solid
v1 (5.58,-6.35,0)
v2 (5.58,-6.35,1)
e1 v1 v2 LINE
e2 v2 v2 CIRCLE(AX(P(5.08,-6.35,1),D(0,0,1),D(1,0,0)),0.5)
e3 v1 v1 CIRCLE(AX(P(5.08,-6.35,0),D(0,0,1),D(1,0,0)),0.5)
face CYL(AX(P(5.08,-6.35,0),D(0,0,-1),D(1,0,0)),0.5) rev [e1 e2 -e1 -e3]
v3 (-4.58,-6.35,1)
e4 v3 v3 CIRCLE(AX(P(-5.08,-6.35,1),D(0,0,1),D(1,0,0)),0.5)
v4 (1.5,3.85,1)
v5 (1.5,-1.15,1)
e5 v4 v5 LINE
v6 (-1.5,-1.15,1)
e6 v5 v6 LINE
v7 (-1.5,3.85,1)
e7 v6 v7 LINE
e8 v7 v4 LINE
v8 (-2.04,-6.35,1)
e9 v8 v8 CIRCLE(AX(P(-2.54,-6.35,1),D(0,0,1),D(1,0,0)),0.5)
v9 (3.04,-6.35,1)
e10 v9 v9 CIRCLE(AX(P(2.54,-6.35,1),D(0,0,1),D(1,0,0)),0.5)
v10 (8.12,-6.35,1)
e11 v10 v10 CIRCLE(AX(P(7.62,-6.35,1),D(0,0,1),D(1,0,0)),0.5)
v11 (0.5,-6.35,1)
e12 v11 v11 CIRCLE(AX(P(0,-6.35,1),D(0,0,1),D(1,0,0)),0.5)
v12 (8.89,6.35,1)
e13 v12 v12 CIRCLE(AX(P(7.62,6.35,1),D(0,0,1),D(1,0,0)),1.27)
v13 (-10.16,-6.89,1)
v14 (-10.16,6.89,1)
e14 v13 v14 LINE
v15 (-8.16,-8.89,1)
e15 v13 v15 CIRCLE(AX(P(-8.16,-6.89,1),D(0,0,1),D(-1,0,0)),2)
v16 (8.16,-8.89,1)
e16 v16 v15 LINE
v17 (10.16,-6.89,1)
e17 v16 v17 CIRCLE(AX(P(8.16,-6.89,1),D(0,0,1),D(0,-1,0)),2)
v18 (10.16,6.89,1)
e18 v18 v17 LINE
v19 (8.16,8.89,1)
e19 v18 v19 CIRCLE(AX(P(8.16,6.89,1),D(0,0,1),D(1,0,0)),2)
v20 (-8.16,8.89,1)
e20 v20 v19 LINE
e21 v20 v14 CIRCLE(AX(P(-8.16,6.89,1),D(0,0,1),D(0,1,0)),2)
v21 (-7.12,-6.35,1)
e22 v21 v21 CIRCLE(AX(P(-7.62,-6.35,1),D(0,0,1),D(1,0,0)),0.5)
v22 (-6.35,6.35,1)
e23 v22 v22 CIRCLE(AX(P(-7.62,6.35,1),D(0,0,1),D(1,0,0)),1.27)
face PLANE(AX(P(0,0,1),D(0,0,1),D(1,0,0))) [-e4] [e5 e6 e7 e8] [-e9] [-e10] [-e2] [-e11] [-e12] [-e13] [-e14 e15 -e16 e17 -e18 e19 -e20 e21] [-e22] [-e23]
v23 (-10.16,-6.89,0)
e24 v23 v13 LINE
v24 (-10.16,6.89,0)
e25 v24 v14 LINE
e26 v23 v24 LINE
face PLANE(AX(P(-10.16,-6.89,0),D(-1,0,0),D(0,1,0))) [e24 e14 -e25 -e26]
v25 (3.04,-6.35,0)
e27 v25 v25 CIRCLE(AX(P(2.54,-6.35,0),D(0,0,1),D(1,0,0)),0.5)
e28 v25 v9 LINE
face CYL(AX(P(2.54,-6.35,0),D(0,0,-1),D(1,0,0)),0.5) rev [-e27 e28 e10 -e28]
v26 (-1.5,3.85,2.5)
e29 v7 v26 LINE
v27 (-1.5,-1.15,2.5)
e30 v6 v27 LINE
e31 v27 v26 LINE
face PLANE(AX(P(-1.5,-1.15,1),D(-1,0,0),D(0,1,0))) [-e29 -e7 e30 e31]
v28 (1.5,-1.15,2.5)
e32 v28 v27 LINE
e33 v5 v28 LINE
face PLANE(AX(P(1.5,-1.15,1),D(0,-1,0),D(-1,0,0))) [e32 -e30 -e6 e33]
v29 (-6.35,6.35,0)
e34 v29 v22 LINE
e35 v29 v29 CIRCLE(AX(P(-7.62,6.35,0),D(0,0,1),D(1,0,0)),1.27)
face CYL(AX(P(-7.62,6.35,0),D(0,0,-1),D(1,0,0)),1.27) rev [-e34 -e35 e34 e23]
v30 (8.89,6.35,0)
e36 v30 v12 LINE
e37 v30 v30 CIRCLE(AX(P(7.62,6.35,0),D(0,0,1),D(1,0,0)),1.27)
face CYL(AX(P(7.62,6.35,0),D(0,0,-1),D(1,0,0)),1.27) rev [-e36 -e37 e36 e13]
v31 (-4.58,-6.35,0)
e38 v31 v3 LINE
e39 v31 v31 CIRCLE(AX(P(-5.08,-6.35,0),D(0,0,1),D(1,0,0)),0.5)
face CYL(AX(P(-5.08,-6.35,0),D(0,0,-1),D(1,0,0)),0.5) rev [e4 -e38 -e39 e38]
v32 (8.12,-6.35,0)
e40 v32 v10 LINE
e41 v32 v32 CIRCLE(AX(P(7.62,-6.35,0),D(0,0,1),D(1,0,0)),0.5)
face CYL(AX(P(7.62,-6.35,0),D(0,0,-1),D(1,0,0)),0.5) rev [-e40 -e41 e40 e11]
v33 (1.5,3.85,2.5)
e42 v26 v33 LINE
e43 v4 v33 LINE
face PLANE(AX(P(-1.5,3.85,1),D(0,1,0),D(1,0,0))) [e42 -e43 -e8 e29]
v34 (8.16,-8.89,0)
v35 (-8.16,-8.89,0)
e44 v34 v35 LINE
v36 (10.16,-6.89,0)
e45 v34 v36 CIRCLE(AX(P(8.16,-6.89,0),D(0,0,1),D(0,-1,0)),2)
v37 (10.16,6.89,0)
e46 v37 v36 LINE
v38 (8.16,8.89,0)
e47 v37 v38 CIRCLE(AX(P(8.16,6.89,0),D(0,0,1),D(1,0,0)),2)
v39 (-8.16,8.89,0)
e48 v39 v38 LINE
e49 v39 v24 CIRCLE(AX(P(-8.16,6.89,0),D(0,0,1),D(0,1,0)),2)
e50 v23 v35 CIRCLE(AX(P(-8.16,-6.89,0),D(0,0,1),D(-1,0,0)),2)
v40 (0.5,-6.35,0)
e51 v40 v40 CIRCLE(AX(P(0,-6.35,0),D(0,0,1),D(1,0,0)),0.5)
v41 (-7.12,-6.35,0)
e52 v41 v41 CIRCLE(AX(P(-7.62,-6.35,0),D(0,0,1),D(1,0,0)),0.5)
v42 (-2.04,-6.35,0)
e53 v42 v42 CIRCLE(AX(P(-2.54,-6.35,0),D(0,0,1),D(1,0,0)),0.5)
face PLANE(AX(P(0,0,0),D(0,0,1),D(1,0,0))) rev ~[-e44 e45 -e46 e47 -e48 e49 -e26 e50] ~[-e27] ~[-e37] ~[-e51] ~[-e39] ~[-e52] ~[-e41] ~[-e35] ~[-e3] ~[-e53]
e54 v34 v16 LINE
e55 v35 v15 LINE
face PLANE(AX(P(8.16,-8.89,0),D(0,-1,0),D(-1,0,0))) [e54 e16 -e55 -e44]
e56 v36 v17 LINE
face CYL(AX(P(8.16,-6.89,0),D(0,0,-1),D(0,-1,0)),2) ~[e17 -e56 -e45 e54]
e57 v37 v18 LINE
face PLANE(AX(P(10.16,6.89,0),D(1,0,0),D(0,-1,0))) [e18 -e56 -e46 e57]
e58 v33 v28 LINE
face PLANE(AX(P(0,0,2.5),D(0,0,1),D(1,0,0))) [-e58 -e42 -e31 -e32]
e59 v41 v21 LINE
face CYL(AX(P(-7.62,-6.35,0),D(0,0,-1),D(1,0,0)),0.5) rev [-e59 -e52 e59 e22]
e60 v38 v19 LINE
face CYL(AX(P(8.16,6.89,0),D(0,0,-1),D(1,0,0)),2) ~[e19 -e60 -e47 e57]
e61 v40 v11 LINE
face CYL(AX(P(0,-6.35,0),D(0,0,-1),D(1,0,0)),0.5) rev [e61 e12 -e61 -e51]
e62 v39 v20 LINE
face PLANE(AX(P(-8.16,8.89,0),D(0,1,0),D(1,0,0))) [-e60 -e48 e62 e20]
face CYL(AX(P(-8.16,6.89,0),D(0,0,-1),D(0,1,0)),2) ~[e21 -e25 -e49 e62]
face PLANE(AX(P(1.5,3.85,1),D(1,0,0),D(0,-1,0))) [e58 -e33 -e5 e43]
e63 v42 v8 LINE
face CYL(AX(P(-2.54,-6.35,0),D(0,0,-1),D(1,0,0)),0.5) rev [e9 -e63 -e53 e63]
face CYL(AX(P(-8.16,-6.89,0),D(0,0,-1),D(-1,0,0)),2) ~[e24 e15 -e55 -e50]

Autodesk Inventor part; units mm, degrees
ref_plane "YZ Plane" through (0, 0, 0) normal (1, 0, 0) x (0, 1, 0)
ref_plane "XZ Plane" through (0, 0, 0) normal (0, 1, 0) x (-1, 0, 0)
ref_plane "XY Plane" through (0, 0, 0) normal (0, 0, 1) x (1, 0, 0)
sketch "Sketch1" plane through (0, 0, 0) normal (0, 0, 1) x (1, 0, 0)
  line L0 (8.16, -8.89) -> (-8.16, -8.89)
  line L1 (-10.16, -6.89) -> (-10.16, 6.89)
  line L2 (-8.16, 8.89) -> (8.16, 8.89)
  line L3 (10.16, 6.89) -> (10.16, -6.89)
  line L4 (10.16, -8.89) -> (-10.16, 8.89) construction
  line L5 (-10.16, -8.89) -> (10.16, 8.89) construction
  circle A0 centre (-7.62, 6.35) radius 1.27
  line L6 (0, 8.89) -> (0, -8.89) construction
  circle A1 centre (7.62, 6.35) radius 1.27
  arc A2 (-8.16, 8.89) -> (-10.16, 6.89) centre (-8.16, 6.89) ccw
  arc A3 (10.16, 6.89) -> (8.16, 8.89) centre (8.16, 6.89) ccw
  arc A4 (-10.16, -6.89) -> (-8.16, -8.89) centre (-8.16, -6.89) ccw
  arc A5 (8.16, -8.89) -> (10.16, -6.89) centre (8.16, -6.89) ccw
  circle A6 centre (0, -6.35) radius 0.5
  circle A7 centre (-2.54, -6.35) radius 0.5
  circle A8 centre (-5.08, -6.35) radius 0.5
  circle A9 centre (-7.62, -6.35) radius 0.5
  circle A10 centre (2.54, -6.35) radius 0.5
  circle A11 centre (0, -6.35) radius 0.5
  circle A12 centre (-2.54, -6.35) radius 0.5
  circle A13 centre (-5.08, -6.35) radius 0.5
  circle A14 centre (5.08, -6.35) radius 0.5
  circle A15 centre (2.54, -6.35) radius 0.5
  circle A16 centre (0, -6.35) radius 0.5
  circle A17 centre (-2.54, -6.35) radius 0.5
  circle A18 centre (7.62, -6.35) radius 0.5
  circle A19 centre (5.08, -6.35) radius 0.5
  circle A20 centre (2.54, -6.35) radius 0.5
  circle A21 centre (0, -6.35) radius 0.5
  point P0 (0, 0)
  dimension "d0" = 20.32
  dimension "d1" = 17.78
  dimension "d2" = 15.24
  dimension "d3" = 2.54
  dimension "d4" = 2.54
  dimension "d5" = 2
  dimension "d8" = 2.54
  dimension "d9" = 1
  dimension "d12" = 2.54
  dimension "d15" = 2.54
extrude "Extrusion1" add sketch "Sketch1" along normal blind 1
sketch "Sketch2" plane through (0, 0, 1) normal (0, 0, 1) x (1, 0, 0)
  line L0 (1.5, -1.15) -> (-1.5, -1.15)
  line L1 (-1.5, -1.15) -> (-1.5, 3.85)
  line L2 (-1.5, 3.85) -> (1.5, 3.85)
  line L3 (1.5, 3.85) -> (1.5, -1.15)
  line L4 (1.5, -1.15) -> (-1.5, 3.85) construction
  line L5 (-1.5, -1.15) -> (1.5, 3.85) construction
  circle A0 centre (7.62, 6.35) radius 1.27 projected
  point P0 (0, 0)
  point P1 (0, 1.35)
  dimension "d18" = 3
  dimension "d19" = 5
  dimension "d21" = 7.5
extrude "Extrusion2" add sketch "Sketch2" along normal blind 1.5 contours L0 L1 L2 L3
properties part number "VL6180X_PCB" material "ABS Plastic"
